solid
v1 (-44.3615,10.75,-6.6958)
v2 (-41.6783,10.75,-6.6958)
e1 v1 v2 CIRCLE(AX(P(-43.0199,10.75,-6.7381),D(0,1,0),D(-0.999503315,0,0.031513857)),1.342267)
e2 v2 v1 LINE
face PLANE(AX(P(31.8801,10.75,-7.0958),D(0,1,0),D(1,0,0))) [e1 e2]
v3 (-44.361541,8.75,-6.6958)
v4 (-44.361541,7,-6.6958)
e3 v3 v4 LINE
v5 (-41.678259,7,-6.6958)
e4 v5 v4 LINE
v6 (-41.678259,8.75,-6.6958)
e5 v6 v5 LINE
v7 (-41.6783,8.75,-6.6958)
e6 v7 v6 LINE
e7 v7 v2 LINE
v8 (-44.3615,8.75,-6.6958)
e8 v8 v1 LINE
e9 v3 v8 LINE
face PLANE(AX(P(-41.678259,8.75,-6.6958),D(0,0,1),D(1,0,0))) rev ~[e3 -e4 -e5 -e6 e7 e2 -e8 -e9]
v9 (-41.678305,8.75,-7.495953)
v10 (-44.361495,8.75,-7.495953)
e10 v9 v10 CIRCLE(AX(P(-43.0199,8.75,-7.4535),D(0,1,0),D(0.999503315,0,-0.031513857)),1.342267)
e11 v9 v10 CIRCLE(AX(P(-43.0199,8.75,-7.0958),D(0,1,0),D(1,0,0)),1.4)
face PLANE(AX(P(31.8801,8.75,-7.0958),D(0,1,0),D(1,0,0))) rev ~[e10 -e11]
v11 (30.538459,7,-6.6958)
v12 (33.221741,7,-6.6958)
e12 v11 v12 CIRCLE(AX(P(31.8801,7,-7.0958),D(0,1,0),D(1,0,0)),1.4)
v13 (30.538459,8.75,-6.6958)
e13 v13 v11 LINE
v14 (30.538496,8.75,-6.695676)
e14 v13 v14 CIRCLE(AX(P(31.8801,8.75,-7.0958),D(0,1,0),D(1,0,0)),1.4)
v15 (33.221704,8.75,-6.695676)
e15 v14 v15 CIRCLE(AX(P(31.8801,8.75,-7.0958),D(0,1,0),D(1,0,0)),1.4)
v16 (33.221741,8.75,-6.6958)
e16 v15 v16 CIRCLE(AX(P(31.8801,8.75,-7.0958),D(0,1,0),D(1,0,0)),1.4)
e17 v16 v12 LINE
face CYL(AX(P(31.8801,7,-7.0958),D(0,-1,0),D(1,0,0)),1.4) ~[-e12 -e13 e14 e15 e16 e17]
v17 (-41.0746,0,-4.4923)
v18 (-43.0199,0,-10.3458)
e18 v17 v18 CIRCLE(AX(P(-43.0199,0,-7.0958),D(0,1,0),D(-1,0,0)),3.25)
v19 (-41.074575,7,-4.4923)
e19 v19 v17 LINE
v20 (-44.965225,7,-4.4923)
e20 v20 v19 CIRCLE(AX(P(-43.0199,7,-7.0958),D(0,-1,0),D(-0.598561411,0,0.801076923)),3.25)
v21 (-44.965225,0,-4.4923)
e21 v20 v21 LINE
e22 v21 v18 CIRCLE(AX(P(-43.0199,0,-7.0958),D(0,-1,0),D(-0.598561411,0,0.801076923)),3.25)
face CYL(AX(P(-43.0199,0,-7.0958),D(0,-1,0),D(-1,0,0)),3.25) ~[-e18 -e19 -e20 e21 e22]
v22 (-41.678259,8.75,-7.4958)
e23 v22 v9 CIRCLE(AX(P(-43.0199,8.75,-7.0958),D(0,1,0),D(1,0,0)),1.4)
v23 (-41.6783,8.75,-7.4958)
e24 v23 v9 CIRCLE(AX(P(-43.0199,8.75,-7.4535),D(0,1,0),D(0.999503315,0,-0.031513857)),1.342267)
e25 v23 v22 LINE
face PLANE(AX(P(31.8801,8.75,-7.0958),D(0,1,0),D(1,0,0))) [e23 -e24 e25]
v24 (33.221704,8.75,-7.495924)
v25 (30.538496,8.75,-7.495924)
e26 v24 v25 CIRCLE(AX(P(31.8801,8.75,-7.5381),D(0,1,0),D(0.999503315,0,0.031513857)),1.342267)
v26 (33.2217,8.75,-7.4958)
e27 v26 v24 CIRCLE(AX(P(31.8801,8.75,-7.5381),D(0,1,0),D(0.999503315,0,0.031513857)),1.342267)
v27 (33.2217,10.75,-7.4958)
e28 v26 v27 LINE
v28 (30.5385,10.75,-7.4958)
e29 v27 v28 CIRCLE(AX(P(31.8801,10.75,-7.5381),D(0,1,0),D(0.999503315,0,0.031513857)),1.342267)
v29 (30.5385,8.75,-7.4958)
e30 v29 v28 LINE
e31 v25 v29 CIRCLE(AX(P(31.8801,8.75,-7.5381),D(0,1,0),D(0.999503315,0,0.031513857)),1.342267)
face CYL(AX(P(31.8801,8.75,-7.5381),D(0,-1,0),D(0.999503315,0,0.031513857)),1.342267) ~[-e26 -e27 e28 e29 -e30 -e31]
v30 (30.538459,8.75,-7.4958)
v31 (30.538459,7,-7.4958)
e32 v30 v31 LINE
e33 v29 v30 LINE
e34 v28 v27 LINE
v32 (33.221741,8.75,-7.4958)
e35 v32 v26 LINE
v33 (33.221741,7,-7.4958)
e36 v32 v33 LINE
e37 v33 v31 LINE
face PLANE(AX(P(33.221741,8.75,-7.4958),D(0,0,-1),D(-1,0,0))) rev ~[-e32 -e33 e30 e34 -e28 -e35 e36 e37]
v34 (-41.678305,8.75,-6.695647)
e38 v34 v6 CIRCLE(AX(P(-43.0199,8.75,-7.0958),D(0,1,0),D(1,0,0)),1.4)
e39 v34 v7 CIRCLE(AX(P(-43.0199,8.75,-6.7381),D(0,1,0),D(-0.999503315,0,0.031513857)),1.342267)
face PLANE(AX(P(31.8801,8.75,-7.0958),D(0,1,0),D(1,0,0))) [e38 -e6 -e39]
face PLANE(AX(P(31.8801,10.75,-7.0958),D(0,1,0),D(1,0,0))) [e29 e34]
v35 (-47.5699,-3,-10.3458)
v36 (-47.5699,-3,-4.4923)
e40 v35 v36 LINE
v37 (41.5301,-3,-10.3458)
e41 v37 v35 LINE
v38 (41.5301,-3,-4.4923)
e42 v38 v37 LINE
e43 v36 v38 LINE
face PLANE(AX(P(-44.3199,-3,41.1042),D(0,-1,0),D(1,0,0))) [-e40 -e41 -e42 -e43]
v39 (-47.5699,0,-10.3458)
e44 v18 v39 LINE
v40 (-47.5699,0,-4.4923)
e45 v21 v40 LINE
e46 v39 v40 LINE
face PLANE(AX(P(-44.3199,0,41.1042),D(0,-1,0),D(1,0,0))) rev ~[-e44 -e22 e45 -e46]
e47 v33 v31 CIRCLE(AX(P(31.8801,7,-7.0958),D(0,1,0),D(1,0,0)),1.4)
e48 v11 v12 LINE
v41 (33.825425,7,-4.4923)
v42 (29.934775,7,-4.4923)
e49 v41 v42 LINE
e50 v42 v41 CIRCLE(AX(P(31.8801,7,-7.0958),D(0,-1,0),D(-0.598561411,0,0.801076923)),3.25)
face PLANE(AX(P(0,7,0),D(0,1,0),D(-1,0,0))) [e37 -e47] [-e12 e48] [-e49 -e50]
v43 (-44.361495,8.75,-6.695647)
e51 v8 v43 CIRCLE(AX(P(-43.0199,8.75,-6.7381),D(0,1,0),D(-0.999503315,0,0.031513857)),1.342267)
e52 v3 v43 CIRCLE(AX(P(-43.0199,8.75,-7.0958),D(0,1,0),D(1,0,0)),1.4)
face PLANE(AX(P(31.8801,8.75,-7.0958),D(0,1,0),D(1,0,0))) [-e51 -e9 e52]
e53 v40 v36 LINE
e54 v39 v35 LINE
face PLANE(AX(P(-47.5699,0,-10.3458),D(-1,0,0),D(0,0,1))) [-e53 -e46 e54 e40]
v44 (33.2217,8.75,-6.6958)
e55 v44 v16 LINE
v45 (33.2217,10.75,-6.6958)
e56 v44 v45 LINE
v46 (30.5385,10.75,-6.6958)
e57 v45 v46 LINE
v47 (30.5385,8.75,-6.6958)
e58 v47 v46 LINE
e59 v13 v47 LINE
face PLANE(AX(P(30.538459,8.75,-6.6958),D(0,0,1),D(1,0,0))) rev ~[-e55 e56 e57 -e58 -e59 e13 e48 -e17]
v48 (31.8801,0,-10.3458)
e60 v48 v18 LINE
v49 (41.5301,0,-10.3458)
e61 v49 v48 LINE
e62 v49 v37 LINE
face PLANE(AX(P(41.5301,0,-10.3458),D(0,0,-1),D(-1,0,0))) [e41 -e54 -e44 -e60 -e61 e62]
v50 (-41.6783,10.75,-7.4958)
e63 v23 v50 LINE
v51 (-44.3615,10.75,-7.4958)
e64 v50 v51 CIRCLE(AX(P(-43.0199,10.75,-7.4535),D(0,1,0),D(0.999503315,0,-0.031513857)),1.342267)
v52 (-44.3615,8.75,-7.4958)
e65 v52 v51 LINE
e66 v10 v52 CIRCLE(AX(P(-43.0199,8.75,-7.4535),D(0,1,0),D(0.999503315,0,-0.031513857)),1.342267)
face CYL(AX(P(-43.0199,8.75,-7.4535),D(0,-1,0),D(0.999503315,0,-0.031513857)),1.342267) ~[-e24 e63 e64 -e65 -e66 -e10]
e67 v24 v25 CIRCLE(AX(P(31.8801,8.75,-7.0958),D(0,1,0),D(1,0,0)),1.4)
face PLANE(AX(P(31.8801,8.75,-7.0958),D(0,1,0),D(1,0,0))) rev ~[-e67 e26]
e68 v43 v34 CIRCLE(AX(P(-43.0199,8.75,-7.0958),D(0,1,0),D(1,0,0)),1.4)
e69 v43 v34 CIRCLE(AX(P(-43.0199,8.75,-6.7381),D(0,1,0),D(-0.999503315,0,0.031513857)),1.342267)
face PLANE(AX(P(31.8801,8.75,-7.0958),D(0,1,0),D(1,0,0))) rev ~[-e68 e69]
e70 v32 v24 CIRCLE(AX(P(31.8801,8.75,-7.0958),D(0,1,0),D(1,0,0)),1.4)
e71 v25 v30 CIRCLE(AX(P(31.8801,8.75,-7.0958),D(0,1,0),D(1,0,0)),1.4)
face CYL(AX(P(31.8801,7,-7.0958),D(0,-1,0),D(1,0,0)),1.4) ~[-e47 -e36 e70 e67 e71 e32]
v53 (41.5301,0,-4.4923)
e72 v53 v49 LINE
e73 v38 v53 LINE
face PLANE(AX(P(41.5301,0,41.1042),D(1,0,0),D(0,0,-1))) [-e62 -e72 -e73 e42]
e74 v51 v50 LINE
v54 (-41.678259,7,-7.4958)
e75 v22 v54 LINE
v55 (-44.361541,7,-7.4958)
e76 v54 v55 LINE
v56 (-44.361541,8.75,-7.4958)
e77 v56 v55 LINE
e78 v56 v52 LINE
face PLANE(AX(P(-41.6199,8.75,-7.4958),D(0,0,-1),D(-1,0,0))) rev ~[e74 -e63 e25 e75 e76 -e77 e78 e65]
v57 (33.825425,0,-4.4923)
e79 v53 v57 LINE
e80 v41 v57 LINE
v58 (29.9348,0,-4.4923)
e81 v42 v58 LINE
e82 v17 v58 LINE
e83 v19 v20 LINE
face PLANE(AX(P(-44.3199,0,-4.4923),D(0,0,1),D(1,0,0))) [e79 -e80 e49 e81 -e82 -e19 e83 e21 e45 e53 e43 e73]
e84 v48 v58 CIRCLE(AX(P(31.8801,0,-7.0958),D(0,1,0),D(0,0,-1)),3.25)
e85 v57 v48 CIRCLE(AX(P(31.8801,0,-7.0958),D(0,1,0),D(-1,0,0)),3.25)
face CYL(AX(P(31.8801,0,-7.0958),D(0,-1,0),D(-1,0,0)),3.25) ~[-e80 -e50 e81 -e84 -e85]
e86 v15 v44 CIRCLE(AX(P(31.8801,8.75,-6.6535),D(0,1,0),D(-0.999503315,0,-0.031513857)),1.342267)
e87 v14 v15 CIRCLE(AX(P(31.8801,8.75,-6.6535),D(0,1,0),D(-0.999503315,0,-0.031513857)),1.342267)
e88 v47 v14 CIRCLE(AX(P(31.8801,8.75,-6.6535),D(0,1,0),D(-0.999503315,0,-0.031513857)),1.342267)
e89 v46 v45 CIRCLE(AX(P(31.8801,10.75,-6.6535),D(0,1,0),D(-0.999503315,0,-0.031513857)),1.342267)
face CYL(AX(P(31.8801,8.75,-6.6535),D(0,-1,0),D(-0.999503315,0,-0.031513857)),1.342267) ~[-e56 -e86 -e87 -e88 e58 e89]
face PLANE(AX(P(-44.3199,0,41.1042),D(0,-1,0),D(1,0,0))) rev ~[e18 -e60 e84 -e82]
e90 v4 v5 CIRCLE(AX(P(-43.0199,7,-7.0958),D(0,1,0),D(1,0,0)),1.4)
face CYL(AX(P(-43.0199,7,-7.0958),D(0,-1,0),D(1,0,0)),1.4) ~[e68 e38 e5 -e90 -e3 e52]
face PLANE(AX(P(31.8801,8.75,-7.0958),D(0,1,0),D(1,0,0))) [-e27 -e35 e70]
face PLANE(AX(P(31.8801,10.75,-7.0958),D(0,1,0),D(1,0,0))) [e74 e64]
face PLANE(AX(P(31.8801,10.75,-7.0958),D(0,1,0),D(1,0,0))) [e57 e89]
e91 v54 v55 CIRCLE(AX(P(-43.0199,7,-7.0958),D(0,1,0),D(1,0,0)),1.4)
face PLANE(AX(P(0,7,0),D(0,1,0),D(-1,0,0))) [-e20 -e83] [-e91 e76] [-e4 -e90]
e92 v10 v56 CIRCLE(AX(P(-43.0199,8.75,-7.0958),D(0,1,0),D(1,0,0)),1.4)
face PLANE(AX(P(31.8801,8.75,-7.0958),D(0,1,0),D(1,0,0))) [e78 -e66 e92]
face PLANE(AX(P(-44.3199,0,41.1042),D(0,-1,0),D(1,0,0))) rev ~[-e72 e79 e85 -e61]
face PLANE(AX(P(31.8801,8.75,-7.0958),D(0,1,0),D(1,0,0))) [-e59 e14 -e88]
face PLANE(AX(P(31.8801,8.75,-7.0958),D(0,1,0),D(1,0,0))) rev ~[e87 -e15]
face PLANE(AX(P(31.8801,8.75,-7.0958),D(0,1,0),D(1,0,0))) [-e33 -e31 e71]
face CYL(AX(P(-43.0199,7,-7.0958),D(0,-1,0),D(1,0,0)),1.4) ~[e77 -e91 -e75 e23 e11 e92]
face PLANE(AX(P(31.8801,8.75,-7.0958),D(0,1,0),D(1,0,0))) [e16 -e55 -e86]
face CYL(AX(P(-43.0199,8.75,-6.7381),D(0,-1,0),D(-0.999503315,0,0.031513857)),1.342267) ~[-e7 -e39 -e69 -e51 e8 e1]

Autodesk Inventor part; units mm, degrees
ref_plane "YZ Plane" through (0, 0, 0) normal (1, 0, 0) x (0, 1, 0)
ref_plane "XZ Plane" through (0, 0, 0) normal (0, 1, 0) x (-1, 0, 0)
ref_plane "XY Plane" through (0, 0, 0) normal (0, 0, 1) x (1, 0, 0)
sketch "Sketch1" plane through (0, 0, 0) normal (0, 1, 0) x (-1, 0, 0)
  circle A0 centre (43.0199, -7.0958) radius 1.25 construction
  circle A1 centre (-31.8801, -7.0958) radius 1.25 construction
  circle A2 centre (44.3199, 41.1042) radius 1.25 construction
  circle A3 centre (-38.2801, 41.1042) radius 1.25 construction
  line L0 (58.8879, -10.055) -> (-40.7911, -10.055) construction
  line L1 (-40.7911, -10.055) -> (-40.7911, 44.0634) construction
  line L2 (-40.7911, 44.0634) -> (58.8879, 44.0634) construction
  line L3 (58.8879, 44.0634) -> (58.8879, -10.055) construction
  line L4 (43.0199, -7.0958) -> (43.0199, -10.055)
  line L5 (44.3199, 41.1042) -> (44.3199, 44.0634)
  dimension "d0" = 2.5
  dimension "d1" = 74.9
  dimension "d2" = 1.3
  dimension "d3" = 48.2
  dimension "d5" = 82.6
  dimension "d9" = 15.868
  dimension "d10" = 54.1184
  dimension "d11" = 99.679
sketch "Sketch2" plane through (0, 0, 0) normal (0, 1, 0) x (-1, 0, 0)
  circle A0 centre (43.0199, -7.0958) radius 1.25 construction
  circle A1 centre (-31.8801, -7.0958) radius 1.25 construction
  circle A2 centre (-38.2801, 41.1042) radius 1.25 construction
  circle A3 centre (44.3199, 41.1042) radius 1.25 construction
  circle A4 centre (43.0199, -7.0958) radius 3.25
  circle A5 centre (-31.8801, -7.0958) radius 3.25
  circle A6 centre (-38.2801, 41.1042) radius 3.25
  circle A7 centre (44.3199, 41.1042) radius 3.25
  point P0 (0, 0)
  dimension "d6" = 2
extrude "Extrusion1" add sketch "Sketch2" along normal blind 7
sketch "Sketch3" plane through (-43.0199, 7, -7.0958) normal (0, 1, 0) x (1, 0, 0)
  circle A0 centre (0, 0) radius 3.25 projected
  circle A1 centre (74.9, 0) radius 3.25 projected
  circle A2 centre (81.3, -48.2) radius 3.25 projected
  circle A3 centre (-1.3, -48.2) radius 3.25 projected
  point P0 (43.0199, -7.0958)
hole "Hole1" at (-43.0199, 7, -7.0958) at (31.8801, 7, -7.0958) at (38.2801, 7, 41.1042) at (-44.3199, 7, 41.1042) direction (0, -1, 0) diameter 3.75 depth 4
chamfer "Chamfer1" distance 0.2 angle 45 4 edges at (-44.3199, 7, 39.2292) (38.2801, 7, 39.2292) (31.8801, 7, -8.9708) (-43.0199, 7, -8.9708)
sketch "Sketch4" plane through (-44.3199, 0, 41.1042) normal (0, -1, 0) x (1, 0, 0)
  line L0 (-3.25, 3.25) -> (85.85, 3.25)
  line L1 (85.85, 3.25) -> (85.85, -51.45)
  line L2 (85.85, -51.45) -> (-3.25, -51.45)
  line L3 (-3.25, -51.45) -> (-3.25, 3.25)
  circle A0 centre (0, 0) radius 3.25 projected
  circle A1 centre (76.2, -48.2) radius 3.25 projected
  circle A2 centre (82.6, 0) radius 3.25 projected
  point P0 (44.3199, -41.1042)
  point P1 (-3.25, 0)
  point P2 (85.85, 0)
  point P3 (82.6, 3.25)
  point P4 (0, 3.25)
extrude "Extrusion2" add sketch "Sketch4" along normal blind 3 contours A1 | L0 A2 L1 L2 L3 A0 | A0 | A2
sketch "Sketch5" plane through (-44.3199, 0, 41.1042) normal (0, 1, 0) x (1, 0, 0)
  circle A0 centre (1.3, 48.2) radius 3.25 projected
  line L0 (3.2453, 45.5965) -> (74.2547, 45.5965)
  line L1 (74.2547, 45.5965) -> (74.2547, 0.1746)
  line L2 (74.2547, 0.1746) -> (3.2453, 0.1746)
  line L3 (3.2453, 0.1746) -> (3.2453, 45.5965)
  circle A1 centre (76.2, 48.2) radius 3.25 projected
  circle A2 centre (0, 0) radius 3.25 projected
  point P0 (44.3199, 41.1042)
extrude "Extrusion3" cut sketch "Sketch5" against normal blind 3 contours L0 L1 L2 L3
sketch "Sketch6" plane through (31.8801, 7, -7.0958) normal (0, 1, 0) x (1, 0, 0)
  circle A0 centre (-74.9, 0) radius 1.875 projected
  circle A1 centre (-74.9, 0) radius 2.075
  circle A2 centre (0, 0) radius 2.075
  point P0 (-31.8801, -7.0958)
extrude "Extrusion4" add sketch "Sketch6" against normal up to surface (7 mm away) contours A0 | A1 | A2
sketch "Sketch7" plane through (31.8801, 7, -7.0958) normal (0, 1, 0) x (1, 0, 0)
  circle A0 centre (0, 0) radius 1.4
  circle A1 centre (-74.9, 0) radius 3.25 projected
  circle A2 centre (-74.9, 0) radius 1.4
  point P0 (-31.8801, -7.0958)
  dimension "d28" = 2.8
extrude "Extrusion5" add sketch "Sketch7" along normal blind 1.75 contours A0 | A2
sketch "Sketch11" plane through (-43.0199, 8.75, -7.0958) normal (0, 1, 0) x (1, 0, 0)
  line L0 (76.3, 0.4) -> (73.5, 0.4)
  line L1 (73.5, 0.4) -> (73.5, -0.4)
  line L2 (73.5, -0.4) -> (76.3, -0.4)
  line L3 (76.3, -0.4) -> (76.3, 0.4)
  circle A0 centre (74.9, 0) radius 3.25 projected
  line L4 (76.3, 0.4) -> (73.5, -0.4) construction
  line L5 (73.5, 0.4) -> (76.3, -0.4) construction
  circle A1 centre (74.9, 0) radius 1.4 projected
  line L6 (1.4, 0.4) -> (-1.4, 0.4)
  line L7 (-1.4, 0.4) -> (-1.4, -0.4)
  line L8 (-1.4, -0.4) -> (1.4, -0.4)
  line L9 (1.4, -0.4) -> (1.4, 0.4)
  circle A2 centre (0, 0) radius 3.25 projected
  line L10 (1.4, 0.4) -> (-1.4, -0.4) construction
  line L11 (-1.4, 0.4) -> (1.4, -0.4) construction
  circle A3 centre (0, 0) radius 1.4 projected
  point P0 (43.0199, -7.0958)
  point P1 (76.2416, -0.4)
  point P2 (76.2416, 0.4)
  point P3 (73.5584, 0.4)
  point P4 (73.5584, -0.4)
  dimension "d41" = 1
  dimension "d42" = 1
extrude "Extrusion8" cut sketch "Sketch11" against normal up to surface (1.75 mm away) contours A1 L2 L0 | L9 A3 L6 | A3 L8 L6 | L9 L8 A3 | A3 L7 L6 | A3 L8 L7
sketch "Sketch12" plane through (31.8801, 8.75, -7.0958) normal (0, 1, 0) x (1, 0, 0)
  line L0 (1.3416, -0.4) -> (-1.3416, -0.4) projected
  arc A0 (-1.3416, -0.4) -> (1.3416, -0.4) centre (0, -0.4423) ccw
  arc A1 (1.3416, 0.4) -> (-1.3416, 0.4) centre (0, 0) ccw projected
  line L1 (-1.3416, 0.4) -> (1.3416, 0.4) projected
  arc A2 (1.3416, 0.4) -> (-1.3416, 0.4) centre (0, 0.4423) ccw
  arc A3 (-76.2416, -0.4) -> (-73.5584, -0.4) centre (-74.9, 0) ccw projected
  arc A4 (-76.2416, -0.4) -> (-73.5584, -0.4) centre (-74.9, -0.3577) ccw
  arc A5 (-73.5584, 0.4) -> (-76.2416, 0.4) centre (-74.9, 0) ccw projected
  arc A6 (-73.5584, 0.4) -> (-76.2416, 0.4) centre (-74.9, 0.3577) ccw
  line L2 (-73.5584, -0.4) -> (-76.2416, -0.4) projected
  line L3 (-76.2416, 0.4) -> (-73.5584, 0.4) projected
  point P0 (-31.8801, -7.0958)
  point P1 (-1.0724, 0.9)
  point P2 (1.0724, 0.9)
  dimension "d45" = 0.3
extrude "Extrusion9" add sketch "Sketch12" along normal blind 2
sketch "Sketch13" plane through (-44.3199, 0, 44.3542) normal (0, 0, 1) x (1, 0, 0)
  line L0 (-3.25, -3) -> (0, -3) projected
  line L1 (85.85, 7) -> (79.35, 7) projected
  line L2 (-3.25, -3) -> (85.85, -3)
  line L3 (85.85, -3) -> (85.85, 7)
  line L4 (85.85, 7) -> (-3.25, 7)
  line L5 (-3.25, 7) -> (-3.25, -3)
  point P0 (44.3199, 0)
extrude "Extrusion10" cut sketch "Sketch13" against normal up to surface (48.8465 mm away)
properties part number "arduino_mega_standoffs_test_clip"
